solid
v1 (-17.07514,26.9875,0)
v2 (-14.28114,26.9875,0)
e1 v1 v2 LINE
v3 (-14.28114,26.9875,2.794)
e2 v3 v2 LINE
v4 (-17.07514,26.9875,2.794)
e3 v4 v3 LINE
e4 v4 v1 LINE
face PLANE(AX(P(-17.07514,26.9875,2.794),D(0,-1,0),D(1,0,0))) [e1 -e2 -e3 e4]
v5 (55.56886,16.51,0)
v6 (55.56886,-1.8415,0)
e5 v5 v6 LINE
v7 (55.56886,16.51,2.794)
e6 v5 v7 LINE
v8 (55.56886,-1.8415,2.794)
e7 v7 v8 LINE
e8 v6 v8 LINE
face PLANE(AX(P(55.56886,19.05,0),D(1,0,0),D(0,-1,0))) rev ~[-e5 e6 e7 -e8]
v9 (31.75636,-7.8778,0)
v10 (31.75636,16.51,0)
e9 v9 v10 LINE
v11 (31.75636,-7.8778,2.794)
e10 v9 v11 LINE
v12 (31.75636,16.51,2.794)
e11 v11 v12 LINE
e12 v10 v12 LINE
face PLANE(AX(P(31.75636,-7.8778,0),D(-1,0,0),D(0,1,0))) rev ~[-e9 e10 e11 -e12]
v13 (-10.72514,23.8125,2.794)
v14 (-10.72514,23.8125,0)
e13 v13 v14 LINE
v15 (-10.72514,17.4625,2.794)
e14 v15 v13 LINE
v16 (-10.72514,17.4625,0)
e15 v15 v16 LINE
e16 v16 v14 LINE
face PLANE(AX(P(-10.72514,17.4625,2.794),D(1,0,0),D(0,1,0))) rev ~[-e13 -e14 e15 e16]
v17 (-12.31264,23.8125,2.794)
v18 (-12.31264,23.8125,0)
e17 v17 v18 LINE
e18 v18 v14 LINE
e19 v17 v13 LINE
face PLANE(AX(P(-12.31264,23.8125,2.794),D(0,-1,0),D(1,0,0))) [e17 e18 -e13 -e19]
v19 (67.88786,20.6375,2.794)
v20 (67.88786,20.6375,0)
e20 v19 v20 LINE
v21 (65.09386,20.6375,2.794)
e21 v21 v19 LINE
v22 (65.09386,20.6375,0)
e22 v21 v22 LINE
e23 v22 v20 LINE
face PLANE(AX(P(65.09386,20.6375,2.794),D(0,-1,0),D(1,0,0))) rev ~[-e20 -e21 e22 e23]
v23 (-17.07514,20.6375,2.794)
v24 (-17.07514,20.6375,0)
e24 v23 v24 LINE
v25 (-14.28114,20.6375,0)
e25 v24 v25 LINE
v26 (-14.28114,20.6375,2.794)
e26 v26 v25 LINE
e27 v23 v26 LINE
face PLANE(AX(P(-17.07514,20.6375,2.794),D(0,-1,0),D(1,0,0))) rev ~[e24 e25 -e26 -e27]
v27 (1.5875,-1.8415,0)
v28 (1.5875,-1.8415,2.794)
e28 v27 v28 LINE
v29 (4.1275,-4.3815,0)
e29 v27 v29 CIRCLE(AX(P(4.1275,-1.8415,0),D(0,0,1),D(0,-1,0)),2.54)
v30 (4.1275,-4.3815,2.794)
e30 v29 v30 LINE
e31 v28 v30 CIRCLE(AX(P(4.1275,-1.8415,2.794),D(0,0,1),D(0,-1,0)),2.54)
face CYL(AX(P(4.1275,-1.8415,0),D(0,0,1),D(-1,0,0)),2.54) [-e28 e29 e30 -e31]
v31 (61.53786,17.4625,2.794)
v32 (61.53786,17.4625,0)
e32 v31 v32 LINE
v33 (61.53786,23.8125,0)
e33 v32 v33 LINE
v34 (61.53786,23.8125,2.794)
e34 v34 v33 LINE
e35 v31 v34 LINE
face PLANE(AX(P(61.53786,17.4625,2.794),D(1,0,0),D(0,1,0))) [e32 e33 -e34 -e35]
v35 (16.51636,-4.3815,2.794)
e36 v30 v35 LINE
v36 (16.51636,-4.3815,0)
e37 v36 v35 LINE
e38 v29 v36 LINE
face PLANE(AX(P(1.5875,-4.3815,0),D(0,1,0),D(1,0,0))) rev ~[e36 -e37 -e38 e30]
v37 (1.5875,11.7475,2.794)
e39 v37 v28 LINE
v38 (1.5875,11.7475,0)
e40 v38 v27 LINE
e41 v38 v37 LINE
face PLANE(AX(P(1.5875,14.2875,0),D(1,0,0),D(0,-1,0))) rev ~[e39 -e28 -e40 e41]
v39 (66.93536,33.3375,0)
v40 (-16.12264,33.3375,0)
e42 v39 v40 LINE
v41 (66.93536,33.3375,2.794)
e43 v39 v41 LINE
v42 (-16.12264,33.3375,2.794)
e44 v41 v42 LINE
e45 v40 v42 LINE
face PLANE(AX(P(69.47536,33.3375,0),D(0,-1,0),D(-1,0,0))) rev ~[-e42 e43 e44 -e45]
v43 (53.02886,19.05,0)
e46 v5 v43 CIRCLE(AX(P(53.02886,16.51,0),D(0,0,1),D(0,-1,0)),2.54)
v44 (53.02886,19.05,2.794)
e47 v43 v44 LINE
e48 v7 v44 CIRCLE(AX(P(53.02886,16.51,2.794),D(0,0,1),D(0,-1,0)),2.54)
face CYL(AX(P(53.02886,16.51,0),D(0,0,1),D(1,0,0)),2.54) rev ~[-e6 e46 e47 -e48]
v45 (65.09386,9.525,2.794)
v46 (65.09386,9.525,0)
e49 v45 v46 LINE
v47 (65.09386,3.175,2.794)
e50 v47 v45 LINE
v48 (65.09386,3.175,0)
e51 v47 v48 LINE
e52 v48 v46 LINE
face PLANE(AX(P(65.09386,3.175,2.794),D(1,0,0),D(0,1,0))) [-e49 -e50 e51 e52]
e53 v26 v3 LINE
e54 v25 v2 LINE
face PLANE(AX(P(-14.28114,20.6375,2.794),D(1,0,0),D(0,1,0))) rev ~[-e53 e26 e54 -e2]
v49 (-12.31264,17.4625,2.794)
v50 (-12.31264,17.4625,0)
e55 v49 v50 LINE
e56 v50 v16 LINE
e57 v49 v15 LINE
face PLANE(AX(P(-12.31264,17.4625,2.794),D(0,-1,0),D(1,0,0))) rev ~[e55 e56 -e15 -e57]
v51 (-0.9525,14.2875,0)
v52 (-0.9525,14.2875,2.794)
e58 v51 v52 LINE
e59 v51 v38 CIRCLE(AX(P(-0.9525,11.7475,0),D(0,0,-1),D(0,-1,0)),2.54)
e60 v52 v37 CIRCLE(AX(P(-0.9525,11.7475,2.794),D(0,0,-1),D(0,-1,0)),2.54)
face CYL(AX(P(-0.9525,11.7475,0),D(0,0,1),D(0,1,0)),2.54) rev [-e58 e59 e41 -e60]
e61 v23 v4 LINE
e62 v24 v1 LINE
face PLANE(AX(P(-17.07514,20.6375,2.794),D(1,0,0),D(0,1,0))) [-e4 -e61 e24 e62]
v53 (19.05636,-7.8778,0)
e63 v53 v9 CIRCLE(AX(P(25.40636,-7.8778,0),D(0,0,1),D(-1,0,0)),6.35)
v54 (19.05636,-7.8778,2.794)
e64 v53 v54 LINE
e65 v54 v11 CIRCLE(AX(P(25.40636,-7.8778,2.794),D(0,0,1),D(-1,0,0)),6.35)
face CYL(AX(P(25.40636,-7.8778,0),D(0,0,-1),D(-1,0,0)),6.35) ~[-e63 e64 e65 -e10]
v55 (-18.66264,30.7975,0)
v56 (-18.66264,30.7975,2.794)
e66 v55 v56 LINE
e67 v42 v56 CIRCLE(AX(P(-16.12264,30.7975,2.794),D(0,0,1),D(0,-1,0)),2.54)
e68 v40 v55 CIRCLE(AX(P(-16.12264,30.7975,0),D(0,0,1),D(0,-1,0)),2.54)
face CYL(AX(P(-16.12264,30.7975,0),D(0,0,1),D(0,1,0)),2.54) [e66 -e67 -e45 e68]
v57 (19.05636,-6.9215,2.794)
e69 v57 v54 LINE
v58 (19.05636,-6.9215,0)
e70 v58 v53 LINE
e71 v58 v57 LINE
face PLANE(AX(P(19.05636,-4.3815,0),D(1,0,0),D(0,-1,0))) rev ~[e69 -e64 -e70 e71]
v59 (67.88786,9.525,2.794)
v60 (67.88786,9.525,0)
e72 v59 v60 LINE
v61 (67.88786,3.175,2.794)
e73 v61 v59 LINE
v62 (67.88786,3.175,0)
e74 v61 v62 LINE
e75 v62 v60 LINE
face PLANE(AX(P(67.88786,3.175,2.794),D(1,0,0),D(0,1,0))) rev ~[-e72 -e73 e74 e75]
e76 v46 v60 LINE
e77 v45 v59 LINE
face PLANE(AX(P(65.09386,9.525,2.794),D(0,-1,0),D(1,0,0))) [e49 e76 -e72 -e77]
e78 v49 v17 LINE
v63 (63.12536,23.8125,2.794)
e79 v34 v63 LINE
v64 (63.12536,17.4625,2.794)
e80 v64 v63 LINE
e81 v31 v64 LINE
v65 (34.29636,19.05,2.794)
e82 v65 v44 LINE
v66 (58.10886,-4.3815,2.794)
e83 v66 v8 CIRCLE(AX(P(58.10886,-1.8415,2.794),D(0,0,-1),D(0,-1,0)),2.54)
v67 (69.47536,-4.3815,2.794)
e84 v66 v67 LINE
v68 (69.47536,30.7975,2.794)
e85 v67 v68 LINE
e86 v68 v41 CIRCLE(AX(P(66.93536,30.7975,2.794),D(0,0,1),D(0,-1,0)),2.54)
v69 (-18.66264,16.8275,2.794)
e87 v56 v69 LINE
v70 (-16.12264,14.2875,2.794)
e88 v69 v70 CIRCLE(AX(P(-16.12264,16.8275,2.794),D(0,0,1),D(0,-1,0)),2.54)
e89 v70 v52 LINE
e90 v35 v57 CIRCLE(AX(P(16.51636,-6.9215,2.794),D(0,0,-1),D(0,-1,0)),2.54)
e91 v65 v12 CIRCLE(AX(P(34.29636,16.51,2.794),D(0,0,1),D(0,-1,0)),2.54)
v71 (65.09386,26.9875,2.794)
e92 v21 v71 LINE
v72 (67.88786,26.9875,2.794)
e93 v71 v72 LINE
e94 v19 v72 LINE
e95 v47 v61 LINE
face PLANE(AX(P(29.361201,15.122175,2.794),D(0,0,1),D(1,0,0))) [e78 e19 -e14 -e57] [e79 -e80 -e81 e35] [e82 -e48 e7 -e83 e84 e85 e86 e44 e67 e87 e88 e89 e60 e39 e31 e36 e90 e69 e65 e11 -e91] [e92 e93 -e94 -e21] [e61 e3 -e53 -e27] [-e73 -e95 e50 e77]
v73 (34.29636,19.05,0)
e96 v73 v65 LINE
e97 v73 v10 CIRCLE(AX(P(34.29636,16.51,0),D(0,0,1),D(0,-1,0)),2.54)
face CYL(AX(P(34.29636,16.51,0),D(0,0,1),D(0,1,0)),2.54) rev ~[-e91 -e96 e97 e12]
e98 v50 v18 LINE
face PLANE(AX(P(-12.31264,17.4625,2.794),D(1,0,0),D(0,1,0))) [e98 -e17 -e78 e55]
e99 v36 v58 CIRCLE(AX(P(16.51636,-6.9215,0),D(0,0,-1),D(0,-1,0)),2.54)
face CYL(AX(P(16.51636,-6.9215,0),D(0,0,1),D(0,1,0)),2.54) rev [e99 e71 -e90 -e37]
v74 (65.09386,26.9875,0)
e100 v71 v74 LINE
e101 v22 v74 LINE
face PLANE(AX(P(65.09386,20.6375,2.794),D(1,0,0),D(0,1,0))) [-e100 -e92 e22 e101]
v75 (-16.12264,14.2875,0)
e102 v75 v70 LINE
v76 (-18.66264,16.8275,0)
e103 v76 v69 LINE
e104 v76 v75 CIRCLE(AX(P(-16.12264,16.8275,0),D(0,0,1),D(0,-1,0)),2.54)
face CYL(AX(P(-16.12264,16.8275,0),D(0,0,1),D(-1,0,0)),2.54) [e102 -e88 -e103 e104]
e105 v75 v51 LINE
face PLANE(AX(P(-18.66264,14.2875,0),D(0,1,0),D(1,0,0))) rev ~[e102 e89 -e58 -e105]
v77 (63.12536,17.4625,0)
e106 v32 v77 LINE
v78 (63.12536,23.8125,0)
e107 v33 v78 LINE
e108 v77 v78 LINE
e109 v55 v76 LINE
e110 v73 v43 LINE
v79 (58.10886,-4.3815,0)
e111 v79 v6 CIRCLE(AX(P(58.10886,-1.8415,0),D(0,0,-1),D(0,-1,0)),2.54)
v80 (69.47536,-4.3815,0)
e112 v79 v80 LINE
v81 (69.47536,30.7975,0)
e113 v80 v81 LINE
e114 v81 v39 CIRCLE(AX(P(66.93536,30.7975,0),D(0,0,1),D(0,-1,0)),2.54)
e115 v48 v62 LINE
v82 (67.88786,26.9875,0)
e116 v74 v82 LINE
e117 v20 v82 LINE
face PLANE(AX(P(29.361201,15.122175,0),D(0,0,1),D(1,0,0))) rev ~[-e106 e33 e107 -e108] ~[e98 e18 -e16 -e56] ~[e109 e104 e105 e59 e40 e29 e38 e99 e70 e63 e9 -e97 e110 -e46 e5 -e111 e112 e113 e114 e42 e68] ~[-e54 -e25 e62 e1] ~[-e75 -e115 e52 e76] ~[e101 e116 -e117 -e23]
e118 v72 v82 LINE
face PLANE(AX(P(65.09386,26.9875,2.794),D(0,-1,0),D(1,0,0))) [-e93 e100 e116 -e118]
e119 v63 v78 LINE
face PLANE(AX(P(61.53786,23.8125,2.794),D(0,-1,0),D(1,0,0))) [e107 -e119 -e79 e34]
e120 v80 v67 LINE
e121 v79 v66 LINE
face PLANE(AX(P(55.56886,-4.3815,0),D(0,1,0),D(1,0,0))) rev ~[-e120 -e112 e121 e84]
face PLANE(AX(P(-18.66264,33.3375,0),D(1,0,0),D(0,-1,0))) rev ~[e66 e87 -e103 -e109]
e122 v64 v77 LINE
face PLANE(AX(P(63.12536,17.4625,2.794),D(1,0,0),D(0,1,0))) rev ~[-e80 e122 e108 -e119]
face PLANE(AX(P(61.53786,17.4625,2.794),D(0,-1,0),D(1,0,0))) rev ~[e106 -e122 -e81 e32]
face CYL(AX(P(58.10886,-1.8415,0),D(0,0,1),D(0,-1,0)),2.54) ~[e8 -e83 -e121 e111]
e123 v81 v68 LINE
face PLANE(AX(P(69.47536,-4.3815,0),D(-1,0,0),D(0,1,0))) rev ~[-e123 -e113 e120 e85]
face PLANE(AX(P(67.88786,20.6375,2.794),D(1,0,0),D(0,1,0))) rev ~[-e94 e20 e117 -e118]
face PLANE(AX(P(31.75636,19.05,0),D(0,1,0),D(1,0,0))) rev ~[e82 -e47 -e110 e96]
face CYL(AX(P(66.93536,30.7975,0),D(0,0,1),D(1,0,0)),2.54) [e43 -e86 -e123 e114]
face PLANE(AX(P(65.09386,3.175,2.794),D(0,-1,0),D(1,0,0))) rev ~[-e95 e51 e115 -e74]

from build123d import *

# Parameters (mm, degrees)
BOSS_EXTRUDE1_DEPTH = 2.794
SKETCH3_W           = 2.794
SKETCH3_H           = 6.35
SKETCH3_W_2         = 1.5875
CUT_EXTRUDE1_DEPTH  = 78.110446656
FILLET1_R           = 2.54


with BuildPart() as part:
    # Sketch1 → Boss-Extrude1 (new body)
    with BuildSketch(Plane.XY):
        with BuildLine():
            Line((69.475359958, -4.3815), (69.475359958, 33.3375))
            Line((69.475359958, 33.3375), (-18.662640042, 33.3375))
            Line((-18.662640042, 33.3375), (-18.662640042, 14.2875))
            Line((-18.662640042, 14.2875), (1.5875, 14.2875))
            Line((1.5875, 14.2875), (1.5875, -4.3815))
            Line((1.5875, -4.3815), (19.056359958, -4.3815))
            Line((19.056359958, -4.3815), (19.056359958, -7.8778))
            ThreePointArc((19.056359958, -7.8778), (25.406359958, -14.2278), (31.756359958, -7.8778))
            Line((31.756359958, -7.8778), (31.756359958, 19.05))
            Line((31.756359958, 19.05), (55.568859958, 19.05))
            Line((55.568859958, 19.05), (55.568859958, -4.3815))
            Line((55.568859958, -4.3815), (69.475359958, -4.3815))
        make_face()
    extrude(amount=BOSS_EXTRUDE1_DEPTH)

    # Sketch3 → Cut-Extrude1 (cut, through all)
    with BuildSketch(Plane.XY.offset(2.794)):
        with Locations((-15.678140042, 23.8125)):
            Rectangle(SKETCH3_W, SKETCH3_H)
        with Locations((66.490859958, 23.8125)):
            Rectangle(SKETCH3_W, SKETCH3_H)
        with Locations((66.490859958, 6.35)):
            Rectangle(SKETCH3_W, SKETCH3_H)
        with Locations((-11.518890042, 20.6375)):
            Rectangle(SKETCH3_W_2, SKETCH3_H)
        with Locations((62.331609958, 20.6375)):
            Rectangle(SKETCH3_W_2, SKETCH3_H)
    extrude(amount=-CUT_EXTRUDE1_DEPTH, mode=Mode.SUBTRACT)

    # Fillet1
    fillet1_edges = [part.edges().sort_by_distance(p)[0] for p in [
        (55.568859958, -4.3815, 1.397),
        (55.568859958, 19.05, 1.397),
        (31.756359958, 19.05, 1.397),
        (19.056359958, -4.3815, 1.397),
        (1.5875, -4.3815, 1.397),
        (1.5875, 14.2875, 1.397),
        (-18.662640042, 14.2875, 1.397),
        (-18.662640042, 33.3375, 1.397),
        (69.475359958, 33.3375, 1.397),
    ]]
    fillet(fillet1_edges, radius=FILLET1_R)


solid = part.part
